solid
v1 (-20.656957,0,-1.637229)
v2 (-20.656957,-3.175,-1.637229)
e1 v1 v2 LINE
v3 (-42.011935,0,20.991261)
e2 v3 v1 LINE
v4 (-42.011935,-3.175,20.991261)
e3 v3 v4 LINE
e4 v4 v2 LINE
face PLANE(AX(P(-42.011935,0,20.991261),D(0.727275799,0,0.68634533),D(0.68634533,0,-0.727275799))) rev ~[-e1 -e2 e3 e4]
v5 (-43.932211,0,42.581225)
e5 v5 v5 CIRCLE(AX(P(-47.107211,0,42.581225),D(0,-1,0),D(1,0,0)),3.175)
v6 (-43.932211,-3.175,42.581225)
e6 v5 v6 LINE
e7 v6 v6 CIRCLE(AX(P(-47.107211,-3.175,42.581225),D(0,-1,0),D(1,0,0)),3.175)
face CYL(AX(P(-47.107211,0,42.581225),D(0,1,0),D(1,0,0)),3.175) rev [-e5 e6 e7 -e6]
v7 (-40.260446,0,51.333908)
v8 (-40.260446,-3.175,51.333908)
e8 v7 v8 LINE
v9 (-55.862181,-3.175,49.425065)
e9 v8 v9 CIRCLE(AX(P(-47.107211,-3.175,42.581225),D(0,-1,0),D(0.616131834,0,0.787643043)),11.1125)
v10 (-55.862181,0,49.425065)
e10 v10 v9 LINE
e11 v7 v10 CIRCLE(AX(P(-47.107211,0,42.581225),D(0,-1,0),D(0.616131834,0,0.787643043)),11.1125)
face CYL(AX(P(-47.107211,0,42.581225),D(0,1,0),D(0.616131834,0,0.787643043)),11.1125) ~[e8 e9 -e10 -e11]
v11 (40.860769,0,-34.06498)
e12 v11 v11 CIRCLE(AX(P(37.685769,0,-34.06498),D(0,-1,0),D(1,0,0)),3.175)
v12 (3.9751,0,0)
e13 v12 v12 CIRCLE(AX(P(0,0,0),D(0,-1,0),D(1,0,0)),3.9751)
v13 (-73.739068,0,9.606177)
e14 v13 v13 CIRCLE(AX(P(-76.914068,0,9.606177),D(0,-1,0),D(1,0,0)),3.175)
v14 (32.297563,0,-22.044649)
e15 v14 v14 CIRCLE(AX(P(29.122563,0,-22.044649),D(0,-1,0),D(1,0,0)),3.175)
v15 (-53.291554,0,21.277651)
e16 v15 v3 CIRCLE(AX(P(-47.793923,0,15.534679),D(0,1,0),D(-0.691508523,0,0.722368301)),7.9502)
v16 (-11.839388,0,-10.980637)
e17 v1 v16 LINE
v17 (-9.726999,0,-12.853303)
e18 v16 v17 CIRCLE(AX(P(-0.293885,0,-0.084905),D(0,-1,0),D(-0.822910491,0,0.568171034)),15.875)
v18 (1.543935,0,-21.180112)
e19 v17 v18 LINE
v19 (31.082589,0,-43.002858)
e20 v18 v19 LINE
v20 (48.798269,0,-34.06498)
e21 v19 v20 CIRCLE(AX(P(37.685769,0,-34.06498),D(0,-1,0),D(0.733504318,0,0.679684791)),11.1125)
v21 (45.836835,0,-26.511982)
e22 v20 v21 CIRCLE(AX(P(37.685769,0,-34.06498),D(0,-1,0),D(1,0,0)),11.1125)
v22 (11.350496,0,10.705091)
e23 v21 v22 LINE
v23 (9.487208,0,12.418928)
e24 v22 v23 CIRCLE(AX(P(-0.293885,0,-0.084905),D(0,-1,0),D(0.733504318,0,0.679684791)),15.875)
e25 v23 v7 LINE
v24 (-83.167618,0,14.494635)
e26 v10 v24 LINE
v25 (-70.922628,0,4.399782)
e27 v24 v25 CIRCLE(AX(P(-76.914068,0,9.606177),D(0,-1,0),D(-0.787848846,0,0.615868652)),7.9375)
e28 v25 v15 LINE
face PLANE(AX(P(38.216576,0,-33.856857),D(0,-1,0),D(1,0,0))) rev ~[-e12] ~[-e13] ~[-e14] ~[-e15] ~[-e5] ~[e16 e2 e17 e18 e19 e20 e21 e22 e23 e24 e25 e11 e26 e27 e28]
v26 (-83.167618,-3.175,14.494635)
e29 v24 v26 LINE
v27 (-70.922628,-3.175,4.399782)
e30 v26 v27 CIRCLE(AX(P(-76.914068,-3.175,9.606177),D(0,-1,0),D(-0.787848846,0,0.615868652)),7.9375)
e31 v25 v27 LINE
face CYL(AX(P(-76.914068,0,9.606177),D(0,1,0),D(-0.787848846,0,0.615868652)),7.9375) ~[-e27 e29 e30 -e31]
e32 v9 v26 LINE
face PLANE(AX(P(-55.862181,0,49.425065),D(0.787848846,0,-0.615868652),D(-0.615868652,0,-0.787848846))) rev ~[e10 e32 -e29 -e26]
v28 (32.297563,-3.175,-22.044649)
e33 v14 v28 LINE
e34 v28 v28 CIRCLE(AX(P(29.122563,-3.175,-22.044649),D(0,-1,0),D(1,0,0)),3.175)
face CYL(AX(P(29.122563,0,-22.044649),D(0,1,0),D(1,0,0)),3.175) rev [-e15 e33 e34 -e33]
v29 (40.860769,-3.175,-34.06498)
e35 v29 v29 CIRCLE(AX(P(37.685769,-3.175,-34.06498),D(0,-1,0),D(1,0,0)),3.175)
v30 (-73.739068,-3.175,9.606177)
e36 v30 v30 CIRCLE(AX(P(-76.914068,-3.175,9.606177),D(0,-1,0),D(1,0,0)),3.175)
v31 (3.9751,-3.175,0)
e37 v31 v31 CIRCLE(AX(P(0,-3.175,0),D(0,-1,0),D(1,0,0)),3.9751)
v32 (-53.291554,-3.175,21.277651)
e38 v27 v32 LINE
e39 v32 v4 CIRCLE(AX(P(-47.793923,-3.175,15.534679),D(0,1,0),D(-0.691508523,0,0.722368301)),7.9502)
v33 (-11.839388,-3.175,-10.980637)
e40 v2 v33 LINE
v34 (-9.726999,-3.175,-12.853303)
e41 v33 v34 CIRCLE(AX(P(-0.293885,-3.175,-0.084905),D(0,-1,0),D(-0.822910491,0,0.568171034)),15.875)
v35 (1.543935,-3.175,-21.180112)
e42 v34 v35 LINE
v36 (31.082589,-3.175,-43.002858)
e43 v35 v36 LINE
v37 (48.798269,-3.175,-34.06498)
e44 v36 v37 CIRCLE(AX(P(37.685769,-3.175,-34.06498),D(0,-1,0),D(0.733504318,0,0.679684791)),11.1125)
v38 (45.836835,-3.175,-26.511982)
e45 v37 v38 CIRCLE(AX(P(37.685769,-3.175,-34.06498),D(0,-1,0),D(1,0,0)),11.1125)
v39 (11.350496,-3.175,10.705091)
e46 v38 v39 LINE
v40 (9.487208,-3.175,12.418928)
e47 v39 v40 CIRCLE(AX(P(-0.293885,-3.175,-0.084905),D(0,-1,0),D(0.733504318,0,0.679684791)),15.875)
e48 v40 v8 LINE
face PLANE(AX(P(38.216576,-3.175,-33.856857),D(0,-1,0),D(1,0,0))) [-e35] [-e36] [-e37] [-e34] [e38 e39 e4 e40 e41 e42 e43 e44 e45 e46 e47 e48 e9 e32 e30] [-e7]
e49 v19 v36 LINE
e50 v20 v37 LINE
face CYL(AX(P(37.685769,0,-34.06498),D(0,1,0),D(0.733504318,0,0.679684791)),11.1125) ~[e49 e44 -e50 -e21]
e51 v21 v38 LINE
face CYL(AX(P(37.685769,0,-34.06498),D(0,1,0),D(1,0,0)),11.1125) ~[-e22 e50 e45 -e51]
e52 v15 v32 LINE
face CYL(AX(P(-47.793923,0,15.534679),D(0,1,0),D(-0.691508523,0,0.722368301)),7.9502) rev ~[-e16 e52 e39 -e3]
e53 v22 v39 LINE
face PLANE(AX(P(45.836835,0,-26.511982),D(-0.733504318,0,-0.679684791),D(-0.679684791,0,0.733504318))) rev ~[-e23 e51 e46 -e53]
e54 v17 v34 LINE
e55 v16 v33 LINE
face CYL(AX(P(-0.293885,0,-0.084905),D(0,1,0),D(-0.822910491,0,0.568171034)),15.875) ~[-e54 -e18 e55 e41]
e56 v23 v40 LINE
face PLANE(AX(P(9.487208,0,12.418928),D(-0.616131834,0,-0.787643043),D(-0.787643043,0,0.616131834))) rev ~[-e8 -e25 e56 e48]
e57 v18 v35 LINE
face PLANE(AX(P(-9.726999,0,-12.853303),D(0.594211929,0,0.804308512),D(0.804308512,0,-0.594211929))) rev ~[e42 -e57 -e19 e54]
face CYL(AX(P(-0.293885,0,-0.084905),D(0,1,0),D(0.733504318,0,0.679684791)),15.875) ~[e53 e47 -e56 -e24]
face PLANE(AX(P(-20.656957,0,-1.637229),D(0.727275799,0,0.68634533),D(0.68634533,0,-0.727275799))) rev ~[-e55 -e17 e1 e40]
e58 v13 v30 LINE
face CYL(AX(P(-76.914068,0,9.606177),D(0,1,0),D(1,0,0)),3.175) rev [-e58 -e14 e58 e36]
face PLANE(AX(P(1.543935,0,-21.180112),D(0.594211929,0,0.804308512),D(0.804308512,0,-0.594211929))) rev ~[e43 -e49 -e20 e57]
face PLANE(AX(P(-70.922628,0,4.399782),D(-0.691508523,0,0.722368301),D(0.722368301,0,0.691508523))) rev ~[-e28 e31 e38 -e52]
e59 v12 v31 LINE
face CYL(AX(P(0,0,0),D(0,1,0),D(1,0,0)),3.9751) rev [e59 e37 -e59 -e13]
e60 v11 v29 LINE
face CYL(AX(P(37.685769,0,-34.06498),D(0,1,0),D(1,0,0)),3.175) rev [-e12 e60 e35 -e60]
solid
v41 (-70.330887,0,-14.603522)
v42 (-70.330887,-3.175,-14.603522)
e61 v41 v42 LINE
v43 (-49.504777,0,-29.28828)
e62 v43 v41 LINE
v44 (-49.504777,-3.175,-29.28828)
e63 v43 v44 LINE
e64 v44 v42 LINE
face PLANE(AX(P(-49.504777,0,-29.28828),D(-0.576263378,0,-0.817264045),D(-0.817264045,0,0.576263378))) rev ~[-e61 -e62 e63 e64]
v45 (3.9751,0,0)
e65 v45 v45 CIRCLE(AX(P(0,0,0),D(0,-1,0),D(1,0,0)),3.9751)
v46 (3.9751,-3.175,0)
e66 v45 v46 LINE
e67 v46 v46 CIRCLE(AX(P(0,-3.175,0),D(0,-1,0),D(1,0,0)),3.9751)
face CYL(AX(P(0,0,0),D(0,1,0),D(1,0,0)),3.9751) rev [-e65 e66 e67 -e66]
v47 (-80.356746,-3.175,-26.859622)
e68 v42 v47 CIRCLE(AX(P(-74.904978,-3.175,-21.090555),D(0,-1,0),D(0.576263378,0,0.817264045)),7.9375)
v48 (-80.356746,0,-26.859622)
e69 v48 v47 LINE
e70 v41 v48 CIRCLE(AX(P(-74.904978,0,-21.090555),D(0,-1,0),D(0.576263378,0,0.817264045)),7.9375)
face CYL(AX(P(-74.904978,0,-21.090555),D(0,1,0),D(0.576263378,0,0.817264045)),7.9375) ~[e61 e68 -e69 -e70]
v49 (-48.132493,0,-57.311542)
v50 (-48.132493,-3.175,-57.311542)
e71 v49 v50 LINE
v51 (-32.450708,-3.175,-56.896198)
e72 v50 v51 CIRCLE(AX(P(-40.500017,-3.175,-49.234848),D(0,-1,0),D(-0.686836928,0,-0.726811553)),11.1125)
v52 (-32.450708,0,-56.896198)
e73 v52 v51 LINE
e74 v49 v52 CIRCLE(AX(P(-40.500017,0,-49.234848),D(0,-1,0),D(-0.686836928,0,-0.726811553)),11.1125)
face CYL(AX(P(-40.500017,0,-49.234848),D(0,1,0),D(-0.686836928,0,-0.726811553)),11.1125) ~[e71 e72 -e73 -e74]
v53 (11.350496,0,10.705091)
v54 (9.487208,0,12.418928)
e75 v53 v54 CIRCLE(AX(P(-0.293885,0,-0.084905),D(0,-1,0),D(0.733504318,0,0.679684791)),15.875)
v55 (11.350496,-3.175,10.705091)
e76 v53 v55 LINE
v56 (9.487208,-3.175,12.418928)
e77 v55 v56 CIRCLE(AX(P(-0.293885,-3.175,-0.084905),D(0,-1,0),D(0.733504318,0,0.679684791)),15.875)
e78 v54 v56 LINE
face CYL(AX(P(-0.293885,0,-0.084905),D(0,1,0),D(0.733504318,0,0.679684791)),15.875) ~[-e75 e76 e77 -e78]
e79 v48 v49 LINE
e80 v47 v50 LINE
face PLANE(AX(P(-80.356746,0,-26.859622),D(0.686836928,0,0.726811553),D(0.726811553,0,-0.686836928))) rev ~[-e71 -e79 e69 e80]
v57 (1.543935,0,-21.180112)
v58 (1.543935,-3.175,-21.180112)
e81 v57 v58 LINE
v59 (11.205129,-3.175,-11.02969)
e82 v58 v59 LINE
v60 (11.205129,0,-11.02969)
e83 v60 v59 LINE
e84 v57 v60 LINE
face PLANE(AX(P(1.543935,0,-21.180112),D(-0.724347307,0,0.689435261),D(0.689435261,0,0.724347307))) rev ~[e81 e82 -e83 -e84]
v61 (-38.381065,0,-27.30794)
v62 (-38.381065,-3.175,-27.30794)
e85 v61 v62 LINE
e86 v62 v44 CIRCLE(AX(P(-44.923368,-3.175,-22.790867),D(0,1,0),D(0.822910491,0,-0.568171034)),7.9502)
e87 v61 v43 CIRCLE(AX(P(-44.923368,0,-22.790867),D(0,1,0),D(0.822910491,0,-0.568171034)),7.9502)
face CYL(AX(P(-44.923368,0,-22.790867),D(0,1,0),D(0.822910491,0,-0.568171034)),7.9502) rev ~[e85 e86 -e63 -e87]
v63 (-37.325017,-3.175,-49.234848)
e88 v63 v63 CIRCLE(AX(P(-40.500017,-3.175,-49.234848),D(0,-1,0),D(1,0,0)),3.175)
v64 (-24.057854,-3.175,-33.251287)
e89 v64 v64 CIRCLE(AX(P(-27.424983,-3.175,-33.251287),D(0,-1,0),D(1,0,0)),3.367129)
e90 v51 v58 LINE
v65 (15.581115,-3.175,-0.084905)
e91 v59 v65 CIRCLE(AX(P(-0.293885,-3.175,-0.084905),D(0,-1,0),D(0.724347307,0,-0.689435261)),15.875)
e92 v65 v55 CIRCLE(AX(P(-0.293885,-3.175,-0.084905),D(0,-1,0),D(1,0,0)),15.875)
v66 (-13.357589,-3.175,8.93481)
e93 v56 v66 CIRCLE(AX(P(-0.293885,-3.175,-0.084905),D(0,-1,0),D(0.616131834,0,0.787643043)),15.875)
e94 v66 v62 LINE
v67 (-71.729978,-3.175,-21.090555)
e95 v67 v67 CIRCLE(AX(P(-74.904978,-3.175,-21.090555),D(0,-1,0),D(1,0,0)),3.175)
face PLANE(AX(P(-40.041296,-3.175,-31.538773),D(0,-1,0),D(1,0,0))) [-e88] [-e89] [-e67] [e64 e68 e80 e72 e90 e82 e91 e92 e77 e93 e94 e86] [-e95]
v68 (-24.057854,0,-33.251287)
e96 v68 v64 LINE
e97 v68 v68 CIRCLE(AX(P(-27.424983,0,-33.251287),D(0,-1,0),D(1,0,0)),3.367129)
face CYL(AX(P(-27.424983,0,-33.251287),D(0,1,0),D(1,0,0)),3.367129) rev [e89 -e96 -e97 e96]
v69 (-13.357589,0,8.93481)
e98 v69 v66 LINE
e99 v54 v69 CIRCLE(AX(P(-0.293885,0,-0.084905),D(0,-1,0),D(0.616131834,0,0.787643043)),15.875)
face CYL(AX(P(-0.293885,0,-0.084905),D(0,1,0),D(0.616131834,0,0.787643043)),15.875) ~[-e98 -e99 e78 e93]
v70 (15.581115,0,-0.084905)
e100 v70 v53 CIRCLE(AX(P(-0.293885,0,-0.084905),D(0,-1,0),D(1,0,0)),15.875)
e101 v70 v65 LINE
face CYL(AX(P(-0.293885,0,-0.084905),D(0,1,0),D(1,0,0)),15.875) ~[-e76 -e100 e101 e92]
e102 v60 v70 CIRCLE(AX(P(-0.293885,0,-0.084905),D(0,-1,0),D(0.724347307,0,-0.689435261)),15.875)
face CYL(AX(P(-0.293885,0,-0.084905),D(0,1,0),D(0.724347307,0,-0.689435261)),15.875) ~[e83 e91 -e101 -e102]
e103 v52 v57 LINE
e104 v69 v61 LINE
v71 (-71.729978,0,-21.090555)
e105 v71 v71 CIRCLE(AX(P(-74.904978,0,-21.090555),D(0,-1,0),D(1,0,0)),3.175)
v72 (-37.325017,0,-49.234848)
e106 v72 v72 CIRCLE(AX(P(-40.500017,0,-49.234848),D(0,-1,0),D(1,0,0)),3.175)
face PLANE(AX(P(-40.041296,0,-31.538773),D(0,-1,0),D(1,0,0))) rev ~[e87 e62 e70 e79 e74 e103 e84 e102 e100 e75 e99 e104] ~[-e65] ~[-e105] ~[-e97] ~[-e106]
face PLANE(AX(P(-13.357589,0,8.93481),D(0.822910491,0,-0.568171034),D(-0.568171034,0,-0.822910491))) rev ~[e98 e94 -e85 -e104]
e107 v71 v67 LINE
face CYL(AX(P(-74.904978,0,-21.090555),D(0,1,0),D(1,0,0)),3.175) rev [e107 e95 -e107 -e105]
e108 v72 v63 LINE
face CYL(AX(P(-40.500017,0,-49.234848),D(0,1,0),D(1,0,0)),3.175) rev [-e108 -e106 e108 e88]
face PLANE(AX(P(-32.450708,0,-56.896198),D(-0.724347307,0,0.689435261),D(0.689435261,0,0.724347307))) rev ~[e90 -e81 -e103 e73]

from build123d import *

# Parameters (mm, degrees)
F0_R     = 3.175
F0_R_2   = 3.9751
F1_DEPTH = 3.175
F0_R_3   = 3.3671288516
F2_DEPTH = 3.175


with BuildPart() as f1:
    # F0 (on Front) → F1 (new body)
    with BuildSketch(Plane.XZ):
        with BuildLine():
            ThreePointArc((31.0825885651, -43.002858055), (42.6912565073, -43.9863076148), (48.7982686301, -34.0649797117))
            ThreePointArc((48.7982686301, -34.0649797117), (48.0314533665, -30.0085695272), (45.8368353639, -26.5119824689))
            ThreePointArc((45.8368353639, -26.5119824689), (29.404088083, -26.655430227), (31.0825885651, -43.002858055))
        make_face()
        with Locations((37.6857686301, -34.0649797117)):
            Circle(F0_R, mode=Mode.SUBTRACT)
        with BuildLine():
            ThreePointArc((-35.9947107876, 42.5812246396), (-37.1179082007, 47.4496422549), (-40.2604457845, 51.3339079563))
            ThreePointArc((-40.2604457845, 51.3339079563), (-48.4567411463, 53.6114750475), (-55.862181086, 49.4250650326))
            ThreePointArc((-55.862181086, 49.4250650326), (-58.2077082838, 42.0648801936), (-55.1890631006, 34.9542121549))
            ThreePointArc((-55.1890631006, 34.9542121549), (-43.003671314, 32.2541427653), (-35.9947107876, 42.5812246396))
        make_face()
        with Locations((-47.1072107876, 42.5812246396)):
            Circle(F0_R, mode=Mode.SUBTRACT)
        with BuildLine():
            ThreePointArc((-68.9765680354, 9.6061770883), (-74.3288841509, 17.1108909758), (-83.1676182485, 14.4946345119))
            ThreePointArc((-83.1676182485, 14.4946345119), (-81.9631953605, 3.4816183691), (-70.9226276925, 4.399782091))
            ThreePointArc((-70.9226276925, 4.399782091), (-69.4789835042, 6.8270721489), (-68.9765680354, 9.6061770883))
        make_face()
        with Locations((-76.9140680354, 9.6061770883)):
            Circle(F0_R, mode=Mode.SUBTRACT)
        with BuildLine():
            ThreePointArc((31.0825885651, -43.002858055), (29.404088083, -26.655430227), (45.8368353639, -26.5119824689))
            Line((45.8368353639, -26.5119824689), (11.3504961121, 10.7050909141))
            ThreePointArc((11.3504961121, 10.7050909141), (14.4856646871, 5.7099665451), (15.5811150637, -0.0849051471))
            ThreePointArc((15.5811150637, -0.0849051471), (14.446577477, -5.9784942778), (11.205128564, -11.0296899106))
            Line((11.205128564, -11.0296899106), (1.5439354587, -21.1801124495))
            Line((1.5439354587, -21.1801124495), (31.0825885651, -43.002858055))
        make_face()
        with Locations((29.1225633863, -22.0446487124)):
            Circle(F0_R, mode=Mode.SUBTRACT)
        with BuildLine():
            ThreePointArc((-13.3575889812, 8.9348100162), (-2.6873455814, 15.6086276337), (9.4872079254, 12.4189281624))
            Line((9.4872079254, 12.4189281624), (-40.2604457845, 51.3339079563))
            ThreePointArc((-40.2604457845, 51.3339079563), (-37.1179082007, 47.4496422549), (-35.9947107876, 42.5812246396))
            ThreePointArc((-35.9947107876, 42.5812246396), (-43.003671314, 32.2541427653), (-55.1890631006, 34.9542121549))
            ThreePointArc((-55.1890631006, 34.9542121549), (-58.2077082838, 42.0648801936), (-55.862181086, 49.4250650326))
            Line((-55.862181086, 49.4250650326), (-83.1676182485, 14.4946345119))
            ThreePointArc((-83.1676182485, 14.4946345119), (-74.3288841509, 17.1108909758), (-68.9765680354, 9.6061770883))
            ThreePointArc((-68.9765680354, 9.6061770883), (-69.4789835042, 6.8270721489), (-70.9226276925, 4.399782091))
            Line((-70.9226276925, 4.399782091), (-53.2915543506, 21.2776510093))
            ThreePointArc((-53.2915543506, 21.2776510093), (-47.5921325377, 23.4823172204), (-42.0119352332, 20.9912611901))
            Line((-42.0119352332, 20.9912611901), (-20.6569570309, -1.6372293654))
            Line((-20.6569570309, -1.6372293654), (-13.3575889812, 8.9348100162))
        make_face()
        with BuildLine():
            ThreePointArc((15.5811150637, -0.0849051471), (14.4856646871, 5.7099665451), (11.3504961121, 10.7050909141))
            ThreePointArc((11.3504961121, 10.7050909141), (10.453070102, 11.5992115249), (9.4872079254, 12.4189281624))
            ThreePointArc((9.4872079254, 12.4189281624), (-2.6873455814, 15.6086276337), (-13.3575889812, 8.9348100162))
            ThreePointArc((-13.3575889812, 8.9348100162), (-16.1229572945, -1.2915920488), (-11.8393882405, -10.9806372681))
            ThreePointArc((-11.8393882405, -10.9806372681), (-10.8249019337, -11.9640173193), (-9.7269993148, -12.8533027803))
            ThreePointArc((-9.7269993148, -12.8533027803), (1.0839306428, -15.9000007595), (11.205128564, -11.0296899106))
            ThreePointArc((11.205128564, -11.0296899106), (14.446577477, -5.9784942778), (15.5811150637, -0.0849051471))
        make_face()
        Circle(F0_R_2, mode=Mode.SUBTRACT)
        with BuildLine():
            ThreePointArc((-11.8393882405, -10.9806372681), (-16.1229572945, -1.2915920488), (-13.3575889812, 8.9348100162))
            Line((-13.3575889812, 8.9348100162), (-20.6569570309, -1.6372293654))
            Line((-20.6569570309, -1.6372293654), (-11.8393882405, -10.9806372681))
        make_face()
        with BuildLine():
            Line((-9.7269993148, -12.8533027803), (1.5439354587, -21.1801124495))
            Line((1.5439354587, -21.1801124495), (11.205128564, -11.0296899106))
            ThreePointArc((11.205128564, -11.0296899106), (1.0839306428, -15.9000007595), (-9.7269993148, -12.8533027803))
        make_face()
    extrude(amount=F1_DEPTH)


with BuildPart() as f2:
    # F0 (on Front) → F2 (new body)
    with BuildSketch(Plane.XZ):
        with BuildLine():
            Line((-32.4507080231, -56.8961975784), (1.5439354587, -21.1801124495))
            Line((1.5439354587, -21.1801124495), (-9.7269993148, -12.8533027803))
            ThreePointArc((-9.7269993148, -12.8533027803), (-10.8249019337, -11.9640173193), (-11.8393882405, -10.9806372681))
            Line((-11.8393882405, -10.9806372681), (-20.6569570309, -1.6372293654))
            Line((-20.6569570309, -1.6372293654), (-38.3810651071, -27.3079404885))
            ThreePointArc((-38.3810651071, -27.3079404885), (-43.5299147943, -30.6179973844), (-49.5047771992, -29.288279746))
            Line((-49.5047771992, -29.288279746), (-70.3308870796, -14.6035221102))
            ThreePointArc((-70.3308870796, -14.6035221102), (-67.8583206293, -17.4369912891), (-66.967477641, -21.090555468))
            ThreePointArc((-66.967477641, -21.090555468), (-71.7640783412, -28.3801821963), (-80.3567457578, -26.8596221734))
            Line((-80.3567457578, -26.8596221734), (-48.1324928367, -57.3115416315))
            ThreePointArc((-48.1324928367, -57.3115416315), (-44.897276493, -39.0293708242), (-29.3875174733, -49.2348482439))
            ThreePointArc((-29.3875174733, -49.2348482439), (-30.1816937839, -53.3603606354), (-32.4507080231, -56.8961975784))
        make_face()
        with Locations((-27.4249831722, -33.2512867488)):
            Circle(F0_R_3, mode=Mode.SUBTRACT)
        with BuildLine():
            ThreePointArc((-48.1324928367, -57.3115416315), (-40.2057975987, -60.3434526079), (-32.4507080231, -56.8961975784))
            ThreePointArc((-32.4507080231, -56.8961975784), (-30.1816937839, -53.3603606354), (-29.3875174733, -49.2348482439))
            ThreePointArc((-29.3875174733, -49.2348482439), (-44.897276493, -39.0293708242), (-48.1324928367, -57.3115416315))
        make_face()
        with Locations((-40.5000174733, -49.2348482439)):
            Circle(F0_R, mode=Mode.SUBTRACT)
        with BuildLine():
            ThreePointArc((-70.3308870796, -14.6035221102), (-81.0487205281, -16.0647889009), (-80.3567457578, -26.8596221734))
            ThreePointArc((-80.3567457578, -26.8596221734), (-71.7640783412, -28.3801821963), (-66.967477641, -21.090555468))
            ThreePointArc((-66.967477641, -21.090555468), (-67.8583206293, -17.4369912891), (-70.3308870796, -14.6035221102))
        make_face()
        with Locations((-74.904977641, -21.090555468)):
            Circle(F0_R, mode=Mode.SUBTRACT)
        with BuildLine():
            ThreePointArc((15.5811150637, -0.0849051471), (14.4856646871, 5.7099665451), (11.3504961121, 10.7050909141))
            ThreePointArc((11.3504961121, 10.7050909141), (10.453070102, 11.5992115249), (9.4872079254, 12.4189281624))
            ThreePointArc((9.4872079254, 12.4189281624), (-2.6873455814, 15.6086276337), (-13.3575889812, 8.9348100162))
            ThreePointArc((-13.3575889812, 8.9348100162), (-16.1229572945, -1.2915920488), (-11.8393882405, -10.9806372681))
            ThreePointArc((-11.8393882405, -10.9806372681), (-10.8249019337, -11.9640173193), (-9.7269993148, -12.8533027803))
            ThreePointArc((-9.7269993148, -12.8533027803), (1.0839306428, -15.9000007595), (11.205128564, -11.0296899106))
            ThreePointArc((11.205128564, -11.0296899106), (14.446577477, -5.9784942778), (15.5811150637, -0.0849051471))
        make_face()
        Circle(F0_R_2, mode=Mode.SUBTRACT)
        with BuildLine():
            ThreePointArc((-11.8393882405, -10.9806372681), (-16.1229572945, -1.2915920488), (-13.3575889812, 8.9348100162))
            Line((-13.3575889812, 8.9348100162), (-20.6569570309, -1.6372293654))
            Line((-20.6569570309, -1.6372293654), (-11.8393882405, -10.9806372681))
        make_face()
        with BuildLine():
            Line((-9.7269993148, -12.8533027803), (1.5439354587, -21.1801124495))
            Line((1.5439354587, -21.1801124495), (11.205128564, -11.0296899106))
            ThreePointArc((11.205128564, -11.0296899106), (1.0839306428, -15.9000007595), (-9.7269993148, -12.8533027803))
        make_face()
    extrude(amount=F2_DEPTH)


solid = Compound([f1.part, f2.part])
